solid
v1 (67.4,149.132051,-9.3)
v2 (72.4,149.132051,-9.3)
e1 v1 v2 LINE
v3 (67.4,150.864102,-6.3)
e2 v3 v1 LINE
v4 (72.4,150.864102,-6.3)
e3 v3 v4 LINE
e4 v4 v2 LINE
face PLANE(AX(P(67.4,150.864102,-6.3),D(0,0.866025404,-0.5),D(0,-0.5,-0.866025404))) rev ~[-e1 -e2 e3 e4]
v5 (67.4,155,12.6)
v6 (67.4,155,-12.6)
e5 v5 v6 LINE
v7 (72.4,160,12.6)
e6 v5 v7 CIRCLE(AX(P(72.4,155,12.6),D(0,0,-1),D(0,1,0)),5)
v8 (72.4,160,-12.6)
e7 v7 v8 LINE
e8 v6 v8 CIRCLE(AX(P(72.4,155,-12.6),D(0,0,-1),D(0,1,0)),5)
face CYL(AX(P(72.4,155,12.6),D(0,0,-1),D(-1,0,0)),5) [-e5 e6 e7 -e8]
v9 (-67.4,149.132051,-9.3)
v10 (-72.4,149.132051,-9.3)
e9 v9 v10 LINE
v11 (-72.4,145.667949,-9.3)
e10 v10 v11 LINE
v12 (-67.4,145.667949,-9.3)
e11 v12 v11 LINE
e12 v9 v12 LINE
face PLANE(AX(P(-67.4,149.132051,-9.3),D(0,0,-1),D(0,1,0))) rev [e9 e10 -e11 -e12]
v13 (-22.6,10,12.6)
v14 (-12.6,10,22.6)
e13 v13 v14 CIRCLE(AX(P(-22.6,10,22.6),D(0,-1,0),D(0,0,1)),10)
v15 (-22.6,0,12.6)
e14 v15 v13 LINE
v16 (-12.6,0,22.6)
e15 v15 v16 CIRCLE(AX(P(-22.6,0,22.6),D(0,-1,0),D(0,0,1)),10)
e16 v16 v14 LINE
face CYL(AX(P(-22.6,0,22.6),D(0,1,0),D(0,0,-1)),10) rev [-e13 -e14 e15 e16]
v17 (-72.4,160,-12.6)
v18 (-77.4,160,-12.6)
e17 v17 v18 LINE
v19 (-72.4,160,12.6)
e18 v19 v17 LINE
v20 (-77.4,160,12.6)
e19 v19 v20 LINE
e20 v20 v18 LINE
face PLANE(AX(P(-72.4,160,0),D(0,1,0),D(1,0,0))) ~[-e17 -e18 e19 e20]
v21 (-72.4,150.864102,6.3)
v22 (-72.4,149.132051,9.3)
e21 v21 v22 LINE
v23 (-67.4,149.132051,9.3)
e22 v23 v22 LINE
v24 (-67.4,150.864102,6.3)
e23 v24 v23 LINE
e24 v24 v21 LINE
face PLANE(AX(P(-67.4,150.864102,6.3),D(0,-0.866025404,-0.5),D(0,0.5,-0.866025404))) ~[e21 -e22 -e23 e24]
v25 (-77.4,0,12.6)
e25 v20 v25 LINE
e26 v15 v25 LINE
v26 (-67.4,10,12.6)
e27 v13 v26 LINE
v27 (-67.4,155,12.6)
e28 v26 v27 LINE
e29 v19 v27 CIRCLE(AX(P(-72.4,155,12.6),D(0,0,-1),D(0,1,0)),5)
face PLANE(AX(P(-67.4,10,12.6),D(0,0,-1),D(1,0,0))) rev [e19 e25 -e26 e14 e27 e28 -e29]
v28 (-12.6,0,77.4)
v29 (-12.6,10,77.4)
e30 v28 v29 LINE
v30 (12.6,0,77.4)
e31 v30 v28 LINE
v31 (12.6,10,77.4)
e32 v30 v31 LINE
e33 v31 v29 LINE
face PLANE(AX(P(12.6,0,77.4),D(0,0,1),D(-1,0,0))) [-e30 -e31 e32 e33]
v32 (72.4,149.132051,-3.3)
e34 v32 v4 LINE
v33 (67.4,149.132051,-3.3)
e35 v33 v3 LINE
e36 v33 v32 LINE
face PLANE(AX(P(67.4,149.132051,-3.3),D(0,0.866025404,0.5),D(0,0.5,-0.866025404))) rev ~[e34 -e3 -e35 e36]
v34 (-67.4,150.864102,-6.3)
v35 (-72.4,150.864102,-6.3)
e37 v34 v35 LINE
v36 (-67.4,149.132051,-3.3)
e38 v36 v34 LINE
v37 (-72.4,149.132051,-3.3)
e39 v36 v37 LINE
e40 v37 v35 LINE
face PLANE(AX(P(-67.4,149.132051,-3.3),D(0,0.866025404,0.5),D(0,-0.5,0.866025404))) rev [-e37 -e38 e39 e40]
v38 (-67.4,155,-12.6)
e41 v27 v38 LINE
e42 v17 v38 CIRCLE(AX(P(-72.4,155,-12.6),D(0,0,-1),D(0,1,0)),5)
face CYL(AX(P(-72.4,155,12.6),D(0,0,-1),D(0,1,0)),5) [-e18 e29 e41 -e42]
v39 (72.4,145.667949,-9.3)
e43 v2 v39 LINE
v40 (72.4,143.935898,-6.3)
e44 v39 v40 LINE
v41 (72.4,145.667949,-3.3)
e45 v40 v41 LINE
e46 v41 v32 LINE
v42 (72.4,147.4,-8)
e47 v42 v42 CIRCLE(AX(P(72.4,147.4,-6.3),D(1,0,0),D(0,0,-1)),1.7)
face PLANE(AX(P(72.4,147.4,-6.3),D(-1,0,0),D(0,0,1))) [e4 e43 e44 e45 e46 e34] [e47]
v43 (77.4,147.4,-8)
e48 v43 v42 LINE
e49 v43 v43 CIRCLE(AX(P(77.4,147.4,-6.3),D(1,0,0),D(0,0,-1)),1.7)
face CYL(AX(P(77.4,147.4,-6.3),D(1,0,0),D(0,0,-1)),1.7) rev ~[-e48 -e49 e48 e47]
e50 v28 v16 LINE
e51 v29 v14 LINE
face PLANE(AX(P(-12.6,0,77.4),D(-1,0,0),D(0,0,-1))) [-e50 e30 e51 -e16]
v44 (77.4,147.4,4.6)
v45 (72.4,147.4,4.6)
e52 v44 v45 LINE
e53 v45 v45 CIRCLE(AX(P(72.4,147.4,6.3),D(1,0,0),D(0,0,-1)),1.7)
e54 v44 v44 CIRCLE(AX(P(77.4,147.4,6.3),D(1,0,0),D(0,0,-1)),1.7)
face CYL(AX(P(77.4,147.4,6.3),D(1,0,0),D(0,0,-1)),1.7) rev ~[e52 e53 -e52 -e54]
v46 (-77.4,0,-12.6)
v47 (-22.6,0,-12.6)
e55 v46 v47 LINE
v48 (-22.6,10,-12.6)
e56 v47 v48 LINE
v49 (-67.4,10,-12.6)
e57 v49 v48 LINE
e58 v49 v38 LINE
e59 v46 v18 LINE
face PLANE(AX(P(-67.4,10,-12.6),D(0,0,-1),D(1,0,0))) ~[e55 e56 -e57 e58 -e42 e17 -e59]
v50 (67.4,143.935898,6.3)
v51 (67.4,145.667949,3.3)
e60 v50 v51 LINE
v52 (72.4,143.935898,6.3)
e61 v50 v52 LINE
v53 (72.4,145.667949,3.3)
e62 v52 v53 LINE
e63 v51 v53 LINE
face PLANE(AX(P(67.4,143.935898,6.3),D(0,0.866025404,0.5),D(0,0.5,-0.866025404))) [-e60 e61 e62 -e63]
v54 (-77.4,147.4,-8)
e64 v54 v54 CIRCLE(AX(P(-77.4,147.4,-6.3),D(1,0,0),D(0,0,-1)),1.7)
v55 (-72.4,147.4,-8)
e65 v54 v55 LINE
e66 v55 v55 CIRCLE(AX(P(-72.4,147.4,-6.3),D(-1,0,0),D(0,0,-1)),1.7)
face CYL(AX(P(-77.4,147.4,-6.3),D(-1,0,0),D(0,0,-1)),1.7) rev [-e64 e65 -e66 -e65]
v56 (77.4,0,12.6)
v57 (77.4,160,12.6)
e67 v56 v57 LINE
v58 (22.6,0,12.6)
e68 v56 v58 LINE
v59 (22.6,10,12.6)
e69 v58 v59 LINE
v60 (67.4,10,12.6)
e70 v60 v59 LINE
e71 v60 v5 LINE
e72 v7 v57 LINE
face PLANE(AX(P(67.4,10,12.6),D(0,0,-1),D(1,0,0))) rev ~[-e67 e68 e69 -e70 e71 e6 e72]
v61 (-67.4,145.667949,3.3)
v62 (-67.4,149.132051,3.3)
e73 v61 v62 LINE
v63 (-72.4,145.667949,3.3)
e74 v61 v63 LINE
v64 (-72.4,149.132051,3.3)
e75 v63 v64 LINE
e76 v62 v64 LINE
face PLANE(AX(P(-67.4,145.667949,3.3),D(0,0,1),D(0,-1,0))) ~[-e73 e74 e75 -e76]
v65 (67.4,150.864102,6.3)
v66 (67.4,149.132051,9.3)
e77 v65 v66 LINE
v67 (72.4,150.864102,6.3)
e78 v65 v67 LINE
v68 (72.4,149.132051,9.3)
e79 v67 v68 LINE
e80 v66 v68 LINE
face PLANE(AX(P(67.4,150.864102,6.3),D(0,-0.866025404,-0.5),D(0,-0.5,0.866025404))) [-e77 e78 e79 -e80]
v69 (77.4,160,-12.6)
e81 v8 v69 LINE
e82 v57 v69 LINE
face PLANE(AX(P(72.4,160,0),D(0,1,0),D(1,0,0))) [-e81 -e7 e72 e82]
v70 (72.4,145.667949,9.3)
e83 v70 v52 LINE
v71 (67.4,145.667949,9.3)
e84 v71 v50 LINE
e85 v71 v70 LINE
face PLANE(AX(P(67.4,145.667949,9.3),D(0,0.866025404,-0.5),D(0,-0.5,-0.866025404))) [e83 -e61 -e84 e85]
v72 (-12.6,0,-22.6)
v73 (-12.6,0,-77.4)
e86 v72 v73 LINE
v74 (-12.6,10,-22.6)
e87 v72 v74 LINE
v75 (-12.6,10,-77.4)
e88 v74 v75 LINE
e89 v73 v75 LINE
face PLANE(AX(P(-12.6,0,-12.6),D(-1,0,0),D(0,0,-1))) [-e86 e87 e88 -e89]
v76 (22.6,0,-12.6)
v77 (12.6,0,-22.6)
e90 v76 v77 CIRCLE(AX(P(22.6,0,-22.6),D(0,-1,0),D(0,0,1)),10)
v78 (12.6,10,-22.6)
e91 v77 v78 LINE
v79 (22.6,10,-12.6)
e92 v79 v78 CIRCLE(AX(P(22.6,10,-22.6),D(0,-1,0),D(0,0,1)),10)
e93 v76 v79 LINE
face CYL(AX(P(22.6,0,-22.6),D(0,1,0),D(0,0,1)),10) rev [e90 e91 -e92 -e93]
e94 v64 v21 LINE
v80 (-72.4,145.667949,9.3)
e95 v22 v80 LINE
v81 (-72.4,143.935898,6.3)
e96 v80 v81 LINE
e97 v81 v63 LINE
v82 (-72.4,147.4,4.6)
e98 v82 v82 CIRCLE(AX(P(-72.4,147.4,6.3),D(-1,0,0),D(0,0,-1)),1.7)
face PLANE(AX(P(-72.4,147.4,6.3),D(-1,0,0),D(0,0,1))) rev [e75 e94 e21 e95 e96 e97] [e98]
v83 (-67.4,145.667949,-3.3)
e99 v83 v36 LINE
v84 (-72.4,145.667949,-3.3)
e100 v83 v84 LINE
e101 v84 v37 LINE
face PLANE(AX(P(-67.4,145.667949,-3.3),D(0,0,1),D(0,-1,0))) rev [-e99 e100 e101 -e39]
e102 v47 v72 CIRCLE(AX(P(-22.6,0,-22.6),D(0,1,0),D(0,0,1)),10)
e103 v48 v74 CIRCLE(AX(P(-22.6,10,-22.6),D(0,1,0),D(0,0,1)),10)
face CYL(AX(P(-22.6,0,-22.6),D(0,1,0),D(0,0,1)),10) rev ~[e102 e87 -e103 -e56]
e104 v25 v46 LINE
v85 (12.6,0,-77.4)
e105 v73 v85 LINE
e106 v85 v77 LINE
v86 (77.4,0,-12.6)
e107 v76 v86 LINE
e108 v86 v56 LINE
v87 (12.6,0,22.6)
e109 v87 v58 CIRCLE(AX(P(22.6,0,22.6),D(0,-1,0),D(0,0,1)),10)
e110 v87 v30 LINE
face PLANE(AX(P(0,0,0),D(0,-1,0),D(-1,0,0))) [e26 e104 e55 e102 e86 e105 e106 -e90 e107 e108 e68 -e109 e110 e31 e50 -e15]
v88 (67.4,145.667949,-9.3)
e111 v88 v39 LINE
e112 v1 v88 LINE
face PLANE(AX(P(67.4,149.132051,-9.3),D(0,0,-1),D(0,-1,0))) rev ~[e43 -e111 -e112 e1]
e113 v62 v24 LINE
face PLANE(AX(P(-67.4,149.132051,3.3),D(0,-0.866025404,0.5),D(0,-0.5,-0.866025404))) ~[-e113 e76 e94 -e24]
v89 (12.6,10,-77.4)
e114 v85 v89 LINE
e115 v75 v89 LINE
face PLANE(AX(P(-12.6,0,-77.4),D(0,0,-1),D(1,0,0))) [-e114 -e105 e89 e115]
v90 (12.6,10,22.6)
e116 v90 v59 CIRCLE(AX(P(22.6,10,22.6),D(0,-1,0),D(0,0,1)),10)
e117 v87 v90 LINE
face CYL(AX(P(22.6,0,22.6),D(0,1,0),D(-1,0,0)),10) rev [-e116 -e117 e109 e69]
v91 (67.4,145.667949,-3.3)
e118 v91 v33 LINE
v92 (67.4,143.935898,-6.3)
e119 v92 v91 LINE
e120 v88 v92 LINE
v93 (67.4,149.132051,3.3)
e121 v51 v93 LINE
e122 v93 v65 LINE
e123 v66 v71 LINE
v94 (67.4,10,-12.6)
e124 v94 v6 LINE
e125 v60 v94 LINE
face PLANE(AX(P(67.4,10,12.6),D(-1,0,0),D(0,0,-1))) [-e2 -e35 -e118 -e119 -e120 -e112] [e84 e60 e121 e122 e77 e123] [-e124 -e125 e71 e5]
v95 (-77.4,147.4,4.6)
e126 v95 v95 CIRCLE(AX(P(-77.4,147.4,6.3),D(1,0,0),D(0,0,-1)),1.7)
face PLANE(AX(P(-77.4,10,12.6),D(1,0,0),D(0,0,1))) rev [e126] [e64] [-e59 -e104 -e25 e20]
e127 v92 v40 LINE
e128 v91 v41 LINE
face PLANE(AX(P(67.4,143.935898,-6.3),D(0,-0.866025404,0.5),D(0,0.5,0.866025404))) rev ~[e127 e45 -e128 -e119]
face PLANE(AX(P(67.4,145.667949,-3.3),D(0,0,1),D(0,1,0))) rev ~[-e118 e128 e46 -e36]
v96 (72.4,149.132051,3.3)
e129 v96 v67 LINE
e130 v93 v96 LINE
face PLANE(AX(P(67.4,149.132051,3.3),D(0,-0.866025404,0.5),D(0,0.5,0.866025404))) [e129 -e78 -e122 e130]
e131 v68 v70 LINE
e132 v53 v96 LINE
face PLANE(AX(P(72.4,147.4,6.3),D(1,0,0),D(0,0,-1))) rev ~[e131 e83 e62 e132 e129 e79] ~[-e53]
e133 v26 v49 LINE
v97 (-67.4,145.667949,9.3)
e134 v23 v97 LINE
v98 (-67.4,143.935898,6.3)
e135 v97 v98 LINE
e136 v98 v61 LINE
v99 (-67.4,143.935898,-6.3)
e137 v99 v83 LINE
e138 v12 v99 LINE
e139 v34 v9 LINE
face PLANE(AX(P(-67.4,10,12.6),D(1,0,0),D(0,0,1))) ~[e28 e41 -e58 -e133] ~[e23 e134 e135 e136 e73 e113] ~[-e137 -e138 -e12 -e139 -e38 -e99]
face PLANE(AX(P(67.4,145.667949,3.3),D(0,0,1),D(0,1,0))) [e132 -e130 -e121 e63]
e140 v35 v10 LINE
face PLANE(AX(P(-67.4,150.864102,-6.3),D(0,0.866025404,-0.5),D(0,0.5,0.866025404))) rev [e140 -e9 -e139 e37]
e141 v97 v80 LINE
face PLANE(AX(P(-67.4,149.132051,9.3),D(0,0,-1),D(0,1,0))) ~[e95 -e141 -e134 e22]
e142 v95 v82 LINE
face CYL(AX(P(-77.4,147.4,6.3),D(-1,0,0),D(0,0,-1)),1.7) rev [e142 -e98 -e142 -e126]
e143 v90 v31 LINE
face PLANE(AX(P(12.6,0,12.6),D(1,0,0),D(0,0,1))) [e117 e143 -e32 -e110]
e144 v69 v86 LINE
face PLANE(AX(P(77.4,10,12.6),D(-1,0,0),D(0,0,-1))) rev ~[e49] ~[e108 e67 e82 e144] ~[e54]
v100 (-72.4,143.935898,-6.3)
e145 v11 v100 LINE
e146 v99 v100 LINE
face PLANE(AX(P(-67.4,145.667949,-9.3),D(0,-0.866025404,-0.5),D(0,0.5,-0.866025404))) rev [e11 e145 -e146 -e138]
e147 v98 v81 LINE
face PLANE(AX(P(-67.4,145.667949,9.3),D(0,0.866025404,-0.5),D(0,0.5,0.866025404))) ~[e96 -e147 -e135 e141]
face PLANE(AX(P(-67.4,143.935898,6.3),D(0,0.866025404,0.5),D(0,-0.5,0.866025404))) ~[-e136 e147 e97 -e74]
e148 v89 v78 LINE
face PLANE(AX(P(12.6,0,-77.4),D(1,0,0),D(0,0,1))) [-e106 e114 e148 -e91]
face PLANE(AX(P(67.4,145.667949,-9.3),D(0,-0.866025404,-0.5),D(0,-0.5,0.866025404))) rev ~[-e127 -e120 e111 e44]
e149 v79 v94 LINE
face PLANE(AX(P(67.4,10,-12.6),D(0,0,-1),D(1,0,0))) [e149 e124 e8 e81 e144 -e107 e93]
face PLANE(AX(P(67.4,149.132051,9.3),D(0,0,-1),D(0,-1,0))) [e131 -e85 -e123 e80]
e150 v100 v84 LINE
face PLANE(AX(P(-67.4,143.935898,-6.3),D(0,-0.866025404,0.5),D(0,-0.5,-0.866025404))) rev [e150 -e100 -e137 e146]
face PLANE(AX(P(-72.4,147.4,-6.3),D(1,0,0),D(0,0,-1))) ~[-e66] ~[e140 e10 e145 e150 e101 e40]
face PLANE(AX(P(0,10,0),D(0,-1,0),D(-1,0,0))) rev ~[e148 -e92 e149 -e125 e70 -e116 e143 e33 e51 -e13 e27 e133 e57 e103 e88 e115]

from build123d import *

# Parameters (mm, degrees)
BOSS_EXTRUDE1_DEPTH = 10
SKETCH2_W           = 10
SKETCH2_H           = 25.2
BOSS_EXTRUDE2_DEPTH = 150
SKETCH3_R           = 1.7
CUT_EXTRUDE1_DEPTH  = 236.69853627
CUT_EXTRUDE2_DEPTH  = 5
FILLET1_R           = 10
FILLET2_R           = 5


with BuildPart() as part:
    # Sketch1 → Boss-Extrude1 (new body)
    with BuildSketch(Plane(origin=(0, 0, 0), x_dir=(1, 0, 0), z_dir=(0, 1, 0))):
        Polygon((12.6, 12.6), (77.4, 12.6), (77.4, -12.6), (12.6, -12.6), (12.6, -77.4), (-12.6, -77.4), (-12.6, -12.6), (-77.4, -12.6), (-77.4, 12.6), (-12.6, 12.6), (-12.6, 77.4), (12.6, 77.4), align=None)
    extrude(amount=BOSS_EXTRUDE1_DEPTH)

    # Sketch2 → Boss-Extrude2 (add)
    with BuildSketch(Plane(origin=(0, 10, 0), x_dir=(1, 0, 0), z_dir=(0, 1, 0))):
        with Locations((72.4, 0)):
            Rectangle(SKETCH2_W, SKETCH2_H)
    boss_extrude2 = extrude(amount=BOSS_EXTRUDE2_DEPTH)

    # Sketch3 → Cut-Extrude1 (cut, through all)
    with BuildSketch(Plane(origin=(77.4, 0, 0), x_dir=(0, 0, -1), z_dir=(1, 0, 0))):
        with Locations((-6.3, 147.4)):
            Circle(SKETCH3_R)
        with Locations((6.3, 147.4)):
            Circle(SKETCH3_R)
    cut_extrude1 = extrude(amount=-CUT_EXTRUDE1_DEPTH, mode=Mode.SUBTRACT)

    # Sketch4 → Cut-Extrude2 (cut)
    with BuildSketch(Plane.ZY.offset(-67.4)):
        Polygon((-6.3, 143.935898385), (-3.3, 145.667949192), (-3.3, 149.132050808), (-6.3, 150.864101615), (-9.3, 149.132050808), (-9.3, 145.667949192), align=None)
        Polygon((9.3, 145.667949192), (6.3, 143.935898385), (3.3, 145.667949192), (3.3, 149.132050808), (6.3, 150.864101615), (9.3, 149.132050808), align=None)
    cut_extrude2 = extrude(amount=-CUT_EXTRUDE2_DEPTH, mode=Mode.SUBTRACT)

    # Mirror1: Boss-Extrude2, Cut-Extrude1, Cut-Extrude2 across plane
    add(boss_extrude2.mirror(Plane(origin=(0, 0, 0), x_dir=(0, 0, 1), z_dir=(1, 0, 0))))
    add(cut_extrude1.mirror(Plane(origin=(0, 0, 0), x_dir=(0, 0, 1), z_dir=(1, 0, 0))), mode=Mode.SUBTRACT)
    add(cut_extrude2.mirror(Plane(origin=(0, 0, 0), x_dir=(0, 0, 1), z_dir=(1, 0, 0))), mode=Mode.SUBTRACT)

    # Fillet1
    fillet1_edges = [part.edges().sort_by_distance(p)[0] for p in [
        (12.6, 5, 12.6),
        (-12.6, 5, 12.6),
        (-12.6, 5, -12.6),
        (12.6, 5, -12.6),
    ]]
    fillet(fillet1_edges, radius=FILLET1_R)

    # Fillet2
    fillet2_edges = [part.edges().sort_by_distance(p)[0] for p in [
        (67.4, 160, 0),
        (-67.4, 160, 0),
    ]]
    fillet(fillet2_edges, radius=FILLET2_R)


solid = part.part
